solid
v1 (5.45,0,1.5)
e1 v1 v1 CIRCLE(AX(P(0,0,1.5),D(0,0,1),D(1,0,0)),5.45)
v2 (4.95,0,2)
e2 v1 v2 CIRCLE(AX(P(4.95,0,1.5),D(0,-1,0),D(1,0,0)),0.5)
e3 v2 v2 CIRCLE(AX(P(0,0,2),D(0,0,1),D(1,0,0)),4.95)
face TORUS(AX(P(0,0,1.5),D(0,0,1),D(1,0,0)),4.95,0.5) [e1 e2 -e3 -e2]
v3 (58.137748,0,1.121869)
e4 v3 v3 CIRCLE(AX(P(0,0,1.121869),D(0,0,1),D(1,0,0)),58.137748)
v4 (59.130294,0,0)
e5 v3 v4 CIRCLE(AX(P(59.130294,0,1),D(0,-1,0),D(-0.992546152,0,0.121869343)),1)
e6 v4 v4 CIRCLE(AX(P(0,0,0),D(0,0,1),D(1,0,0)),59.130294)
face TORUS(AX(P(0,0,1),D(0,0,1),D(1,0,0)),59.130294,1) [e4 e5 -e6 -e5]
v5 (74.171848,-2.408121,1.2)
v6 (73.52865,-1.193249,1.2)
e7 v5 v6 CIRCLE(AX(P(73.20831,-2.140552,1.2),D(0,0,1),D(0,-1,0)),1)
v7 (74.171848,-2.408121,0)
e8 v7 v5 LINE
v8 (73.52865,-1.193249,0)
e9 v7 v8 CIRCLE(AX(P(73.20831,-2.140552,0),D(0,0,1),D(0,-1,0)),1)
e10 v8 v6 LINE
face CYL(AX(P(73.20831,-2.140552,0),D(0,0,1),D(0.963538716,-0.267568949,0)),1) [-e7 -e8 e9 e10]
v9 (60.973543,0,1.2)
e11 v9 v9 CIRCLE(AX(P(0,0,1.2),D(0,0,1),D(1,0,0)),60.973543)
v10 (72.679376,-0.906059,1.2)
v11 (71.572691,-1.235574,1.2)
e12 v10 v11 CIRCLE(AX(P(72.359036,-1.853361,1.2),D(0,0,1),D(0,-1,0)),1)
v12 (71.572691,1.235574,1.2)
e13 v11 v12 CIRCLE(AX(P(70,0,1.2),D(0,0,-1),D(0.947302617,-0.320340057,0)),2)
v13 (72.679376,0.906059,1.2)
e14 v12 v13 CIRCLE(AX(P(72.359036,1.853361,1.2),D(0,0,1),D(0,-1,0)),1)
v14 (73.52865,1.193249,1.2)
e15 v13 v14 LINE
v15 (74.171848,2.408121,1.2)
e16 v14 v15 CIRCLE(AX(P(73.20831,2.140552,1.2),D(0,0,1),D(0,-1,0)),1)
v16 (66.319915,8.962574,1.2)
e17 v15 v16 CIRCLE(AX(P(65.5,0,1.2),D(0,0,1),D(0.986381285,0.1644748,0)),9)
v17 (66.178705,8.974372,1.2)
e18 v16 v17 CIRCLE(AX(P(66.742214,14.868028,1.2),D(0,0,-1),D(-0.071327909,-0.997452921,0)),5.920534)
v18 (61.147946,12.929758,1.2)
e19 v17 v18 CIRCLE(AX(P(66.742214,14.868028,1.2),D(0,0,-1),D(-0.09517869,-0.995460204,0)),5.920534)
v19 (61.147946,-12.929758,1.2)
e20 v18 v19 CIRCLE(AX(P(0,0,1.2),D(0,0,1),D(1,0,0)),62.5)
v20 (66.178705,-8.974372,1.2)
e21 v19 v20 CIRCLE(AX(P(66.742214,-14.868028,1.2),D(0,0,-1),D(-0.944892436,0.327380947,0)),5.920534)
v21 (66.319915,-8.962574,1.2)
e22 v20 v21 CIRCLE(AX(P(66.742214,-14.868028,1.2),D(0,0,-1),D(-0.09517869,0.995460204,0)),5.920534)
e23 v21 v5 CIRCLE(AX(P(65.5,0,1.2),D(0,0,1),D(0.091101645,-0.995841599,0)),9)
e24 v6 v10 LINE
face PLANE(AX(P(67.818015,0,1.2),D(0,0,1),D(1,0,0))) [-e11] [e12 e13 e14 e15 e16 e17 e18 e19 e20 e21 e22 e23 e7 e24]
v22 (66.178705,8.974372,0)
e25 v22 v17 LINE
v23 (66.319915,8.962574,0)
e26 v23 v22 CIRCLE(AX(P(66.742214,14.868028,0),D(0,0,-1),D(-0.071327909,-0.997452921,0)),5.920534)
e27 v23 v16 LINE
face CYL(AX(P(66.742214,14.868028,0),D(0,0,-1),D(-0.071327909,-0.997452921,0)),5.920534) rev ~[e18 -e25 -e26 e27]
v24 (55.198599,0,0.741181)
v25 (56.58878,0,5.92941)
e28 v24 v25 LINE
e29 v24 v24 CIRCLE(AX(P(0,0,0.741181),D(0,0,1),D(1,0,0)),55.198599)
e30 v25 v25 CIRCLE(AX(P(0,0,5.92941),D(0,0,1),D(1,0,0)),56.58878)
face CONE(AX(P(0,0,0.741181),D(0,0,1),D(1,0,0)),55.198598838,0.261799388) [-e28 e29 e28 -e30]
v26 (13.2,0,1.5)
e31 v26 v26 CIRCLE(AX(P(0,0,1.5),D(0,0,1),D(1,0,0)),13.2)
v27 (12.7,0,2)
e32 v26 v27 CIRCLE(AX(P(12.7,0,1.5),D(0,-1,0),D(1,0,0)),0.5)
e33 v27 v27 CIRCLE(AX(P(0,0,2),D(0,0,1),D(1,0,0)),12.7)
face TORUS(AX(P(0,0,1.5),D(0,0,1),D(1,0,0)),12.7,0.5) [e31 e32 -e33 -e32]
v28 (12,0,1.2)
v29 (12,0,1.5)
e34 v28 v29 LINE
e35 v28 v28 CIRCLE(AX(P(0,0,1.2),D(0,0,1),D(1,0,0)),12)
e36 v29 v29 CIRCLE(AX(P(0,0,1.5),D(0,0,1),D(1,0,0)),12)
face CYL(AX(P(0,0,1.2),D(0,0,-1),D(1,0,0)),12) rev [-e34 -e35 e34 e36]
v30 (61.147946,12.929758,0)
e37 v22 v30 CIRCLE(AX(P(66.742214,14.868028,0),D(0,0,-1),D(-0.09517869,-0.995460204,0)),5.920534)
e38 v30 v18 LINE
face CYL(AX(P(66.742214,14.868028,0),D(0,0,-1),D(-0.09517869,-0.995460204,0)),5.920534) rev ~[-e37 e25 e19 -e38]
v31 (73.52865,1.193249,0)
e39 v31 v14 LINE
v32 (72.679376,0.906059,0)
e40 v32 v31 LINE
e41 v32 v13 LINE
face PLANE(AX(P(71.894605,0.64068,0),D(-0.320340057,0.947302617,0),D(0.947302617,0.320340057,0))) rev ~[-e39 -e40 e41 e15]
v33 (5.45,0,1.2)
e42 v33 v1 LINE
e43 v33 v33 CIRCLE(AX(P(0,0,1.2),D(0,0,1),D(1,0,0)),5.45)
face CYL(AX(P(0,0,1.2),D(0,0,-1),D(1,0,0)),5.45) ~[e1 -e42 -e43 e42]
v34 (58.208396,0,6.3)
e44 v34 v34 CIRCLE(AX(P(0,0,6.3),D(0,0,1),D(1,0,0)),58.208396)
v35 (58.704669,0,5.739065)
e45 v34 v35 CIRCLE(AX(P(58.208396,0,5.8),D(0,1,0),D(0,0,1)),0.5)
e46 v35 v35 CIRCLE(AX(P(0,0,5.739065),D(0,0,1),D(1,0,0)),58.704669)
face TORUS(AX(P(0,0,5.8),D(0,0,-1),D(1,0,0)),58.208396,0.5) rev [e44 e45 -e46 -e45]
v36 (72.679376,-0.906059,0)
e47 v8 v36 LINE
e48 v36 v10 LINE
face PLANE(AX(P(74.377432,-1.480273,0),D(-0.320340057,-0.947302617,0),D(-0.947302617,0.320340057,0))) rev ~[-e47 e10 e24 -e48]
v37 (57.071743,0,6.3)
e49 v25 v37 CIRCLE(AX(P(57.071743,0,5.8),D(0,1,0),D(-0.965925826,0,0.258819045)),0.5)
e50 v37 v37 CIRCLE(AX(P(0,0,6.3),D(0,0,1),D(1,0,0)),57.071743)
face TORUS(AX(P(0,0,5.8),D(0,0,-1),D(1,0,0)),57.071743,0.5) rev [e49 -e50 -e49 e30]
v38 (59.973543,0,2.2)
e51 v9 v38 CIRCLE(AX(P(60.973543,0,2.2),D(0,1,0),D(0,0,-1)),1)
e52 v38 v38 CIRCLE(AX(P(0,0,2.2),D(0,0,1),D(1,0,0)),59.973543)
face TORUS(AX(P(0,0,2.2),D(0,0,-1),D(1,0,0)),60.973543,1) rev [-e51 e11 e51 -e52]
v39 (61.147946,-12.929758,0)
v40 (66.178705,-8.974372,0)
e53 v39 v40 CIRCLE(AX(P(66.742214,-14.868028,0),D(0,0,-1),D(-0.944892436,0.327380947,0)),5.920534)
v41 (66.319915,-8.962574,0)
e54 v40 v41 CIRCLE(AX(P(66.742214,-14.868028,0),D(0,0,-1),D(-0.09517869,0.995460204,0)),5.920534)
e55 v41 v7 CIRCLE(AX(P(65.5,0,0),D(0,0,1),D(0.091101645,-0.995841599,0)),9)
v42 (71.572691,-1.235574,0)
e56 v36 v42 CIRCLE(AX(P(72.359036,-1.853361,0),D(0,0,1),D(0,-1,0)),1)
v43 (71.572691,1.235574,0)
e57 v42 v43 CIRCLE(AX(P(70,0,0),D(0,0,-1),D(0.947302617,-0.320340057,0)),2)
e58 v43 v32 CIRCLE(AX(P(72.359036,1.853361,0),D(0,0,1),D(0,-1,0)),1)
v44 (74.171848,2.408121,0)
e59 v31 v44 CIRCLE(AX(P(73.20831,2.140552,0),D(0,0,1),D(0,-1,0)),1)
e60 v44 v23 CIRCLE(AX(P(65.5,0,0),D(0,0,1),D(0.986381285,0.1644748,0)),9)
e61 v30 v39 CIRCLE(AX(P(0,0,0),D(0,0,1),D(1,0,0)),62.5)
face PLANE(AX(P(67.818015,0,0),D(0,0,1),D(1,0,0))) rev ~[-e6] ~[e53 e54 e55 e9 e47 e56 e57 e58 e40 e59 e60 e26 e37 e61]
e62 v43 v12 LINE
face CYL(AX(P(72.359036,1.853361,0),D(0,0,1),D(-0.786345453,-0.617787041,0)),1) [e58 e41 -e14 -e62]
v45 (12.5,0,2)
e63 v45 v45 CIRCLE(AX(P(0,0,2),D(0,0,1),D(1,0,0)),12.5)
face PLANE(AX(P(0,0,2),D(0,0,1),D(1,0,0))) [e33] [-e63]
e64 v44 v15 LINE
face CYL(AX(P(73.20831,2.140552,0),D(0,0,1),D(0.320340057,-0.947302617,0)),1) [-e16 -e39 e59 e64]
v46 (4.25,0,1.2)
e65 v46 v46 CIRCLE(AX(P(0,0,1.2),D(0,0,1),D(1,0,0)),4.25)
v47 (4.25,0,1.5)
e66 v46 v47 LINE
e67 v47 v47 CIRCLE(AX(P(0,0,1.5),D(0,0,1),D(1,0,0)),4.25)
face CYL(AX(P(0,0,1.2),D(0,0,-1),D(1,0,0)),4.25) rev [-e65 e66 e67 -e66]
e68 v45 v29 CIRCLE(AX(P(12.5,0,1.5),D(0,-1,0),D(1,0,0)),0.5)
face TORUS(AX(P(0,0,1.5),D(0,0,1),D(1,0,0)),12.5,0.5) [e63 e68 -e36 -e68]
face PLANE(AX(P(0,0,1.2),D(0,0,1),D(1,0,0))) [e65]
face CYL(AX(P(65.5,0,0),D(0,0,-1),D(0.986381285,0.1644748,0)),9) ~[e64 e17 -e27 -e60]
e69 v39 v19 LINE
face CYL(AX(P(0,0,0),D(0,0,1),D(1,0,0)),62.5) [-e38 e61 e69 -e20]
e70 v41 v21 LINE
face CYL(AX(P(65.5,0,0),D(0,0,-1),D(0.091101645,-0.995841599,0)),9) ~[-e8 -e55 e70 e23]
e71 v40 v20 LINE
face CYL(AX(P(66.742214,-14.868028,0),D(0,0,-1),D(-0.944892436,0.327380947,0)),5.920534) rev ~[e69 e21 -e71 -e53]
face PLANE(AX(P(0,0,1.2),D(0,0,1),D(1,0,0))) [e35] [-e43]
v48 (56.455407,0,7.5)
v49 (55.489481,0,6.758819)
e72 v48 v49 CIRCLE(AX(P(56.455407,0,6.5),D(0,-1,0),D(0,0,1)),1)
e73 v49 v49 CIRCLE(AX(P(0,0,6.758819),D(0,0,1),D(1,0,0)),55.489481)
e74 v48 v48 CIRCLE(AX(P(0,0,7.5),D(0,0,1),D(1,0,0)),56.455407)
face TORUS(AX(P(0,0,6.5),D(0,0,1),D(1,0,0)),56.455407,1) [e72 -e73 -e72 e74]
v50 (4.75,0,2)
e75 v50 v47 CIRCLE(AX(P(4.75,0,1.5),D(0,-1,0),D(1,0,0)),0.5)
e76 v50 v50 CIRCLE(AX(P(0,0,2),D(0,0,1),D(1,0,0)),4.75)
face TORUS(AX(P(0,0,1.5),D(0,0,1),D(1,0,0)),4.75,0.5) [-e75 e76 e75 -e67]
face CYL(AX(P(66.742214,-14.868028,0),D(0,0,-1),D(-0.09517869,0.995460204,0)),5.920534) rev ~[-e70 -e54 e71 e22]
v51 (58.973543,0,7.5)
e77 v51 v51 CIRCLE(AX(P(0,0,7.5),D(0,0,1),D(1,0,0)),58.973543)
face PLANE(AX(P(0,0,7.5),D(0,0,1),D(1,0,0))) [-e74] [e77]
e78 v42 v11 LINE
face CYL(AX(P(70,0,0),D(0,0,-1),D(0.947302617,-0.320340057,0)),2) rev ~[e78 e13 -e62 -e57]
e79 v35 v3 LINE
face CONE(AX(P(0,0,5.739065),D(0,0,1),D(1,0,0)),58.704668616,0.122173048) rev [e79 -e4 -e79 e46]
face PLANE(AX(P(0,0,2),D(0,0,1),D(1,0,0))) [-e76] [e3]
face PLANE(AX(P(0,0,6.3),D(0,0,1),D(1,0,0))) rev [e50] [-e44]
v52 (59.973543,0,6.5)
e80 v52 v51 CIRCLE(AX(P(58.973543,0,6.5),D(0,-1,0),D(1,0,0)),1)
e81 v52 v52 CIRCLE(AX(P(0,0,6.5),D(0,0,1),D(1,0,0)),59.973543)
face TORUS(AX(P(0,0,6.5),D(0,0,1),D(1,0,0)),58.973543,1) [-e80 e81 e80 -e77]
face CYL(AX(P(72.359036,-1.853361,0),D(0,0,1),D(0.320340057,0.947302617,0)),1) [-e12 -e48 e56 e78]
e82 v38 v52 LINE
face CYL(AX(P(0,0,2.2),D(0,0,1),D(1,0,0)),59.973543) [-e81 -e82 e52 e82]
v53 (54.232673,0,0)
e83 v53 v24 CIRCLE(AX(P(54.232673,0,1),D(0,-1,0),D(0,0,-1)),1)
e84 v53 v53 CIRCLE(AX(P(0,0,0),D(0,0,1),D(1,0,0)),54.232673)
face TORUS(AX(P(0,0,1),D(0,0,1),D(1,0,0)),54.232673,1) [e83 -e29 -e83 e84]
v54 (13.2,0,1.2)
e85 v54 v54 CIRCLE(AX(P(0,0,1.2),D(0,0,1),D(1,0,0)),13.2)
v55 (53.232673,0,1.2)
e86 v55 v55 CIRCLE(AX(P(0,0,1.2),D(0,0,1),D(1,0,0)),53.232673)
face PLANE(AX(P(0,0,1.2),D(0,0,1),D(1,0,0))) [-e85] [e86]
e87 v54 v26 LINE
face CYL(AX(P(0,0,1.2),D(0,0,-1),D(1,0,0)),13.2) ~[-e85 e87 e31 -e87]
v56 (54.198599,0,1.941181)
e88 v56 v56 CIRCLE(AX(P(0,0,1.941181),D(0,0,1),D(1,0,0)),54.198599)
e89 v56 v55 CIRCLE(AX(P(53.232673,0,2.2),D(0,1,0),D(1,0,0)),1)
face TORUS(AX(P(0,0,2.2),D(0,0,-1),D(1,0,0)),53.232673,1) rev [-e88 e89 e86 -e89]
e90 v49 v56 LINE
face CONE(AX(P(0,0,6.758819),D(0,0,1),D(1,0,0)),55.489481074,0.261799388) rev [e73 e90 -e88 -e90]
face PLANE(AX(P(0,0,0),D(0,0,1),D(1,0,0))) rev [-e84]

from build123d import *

# Parameters (mm, degrees)
F0_R     = 54
F1_DEPTH = 1.2
F4_R     = 1
F6_DEPTH = 1.2
F7_R     = 1
F8_R     = 13.2
F8_R_2   = 12
F8_R_3   = 5.45
F8_R_4   = 4.25
F9_DEPTH = 0.8
F10_R    = 0.5


with BuildPart() as f1:
    # F0 (on Top) → F1 (new body)
    with BuildSketch(Plane.XY):
        Circle(F0_R)
    extrude(amount=F1_DEPTH)

    # F2 (on Front) → F3 (revolve)
    with BuildSketch(Plane.XZ):
        with BuildLine():
            Line((54, 1.2), (54, 0))
            Line((54, 0), (54.232673012, 0))
            ThreePointArc((54.232673012, 0), (54.841434441, 0.2066466597), (55.1985988383, 0.7411809549))
            Line((55.1985988383, 0.7411809549), (56.5887804932, 5.9294095226))
            ThreePointArc((56.5887804932, 5.9294095226), (56.7673626918, 6.1966766701), (57.0717434063, 6.3))
            Line((57.0717434063, 6.3), (58.2083955405, 6.3))
            ThreePointArc((58.2083955405, 6.3), (58.5828734009, 6.1313100241), (58.7046686163, 5.7390653283))
            Line((58.7046686163, 5.7390653283), (58.1377482347, 1.1218693434))
            ThreePointArc((58.1377482347, 1.1218693434), (58.3813386656, 0.3373799518), (59.1302943864, 0))
            Line((59.1302943864, 0), (62.5, 0))
            Line((62.5, 0), (62.5, 1.2))
            Line((62.5, 1.2), (60.9735427337, 1.2))
            ThreePointArc((60.9735427337, 1.2), (60.2664359525, 1.4928932188), (59.9735427337, 2.2))
            Line((59.9735427337, 2.2), (59.9735427337, 6.5))
            ThreePointArc((59.9735427337, 6.5), (59.6806495149, 7.2071067812), (58.9735427337, 7.5))
            Line((58.9735427337, 7.5), (56.4554069003, 7.5))
            ThreePointArc((56.4554069003, 7.5), (55.8466454713, 7.2933533403), (55.489481074, 6.7588190451))
            Line((55.489481074, 6.7588190451), (54, 1.2))
        make_face()
    revolve(axis=Axis((0, 0, 2.6335071307), (0, 0, 1)))

    # F4
    f4_edges = [f1.edges().sort_by_distance(p)[0] for p in [
        (-54, 0, 1.2),
    ]]
    fillet(f4_edges, radius=F4_R)

    # F5 (on Top) → F6 (join)
    with BuildSketch(Plane.XY):
        with BuildLine():
            ThreePointArc((71.8946052337, -0.6406801138), (68, 0), (71.8946052337, 0.6406801138))
            Line((71.8946052337, 0.6406801138), (74.3774315682, 1.4802732018))
            ThreePointArc((74.3774315682, 1.4802732018), (71.6242011285, 6.5950102758), (66.3199148095, 8.9625743905))
            ThreePointArc((66.3199148095, 8.9625743905), (66.2492748373, 8.9680508892), (66.1787054603, 8.9743723401))
            ThreePointArc((66.1787054603, 8.9743723401), (64.0220234551, 8.8778142205), (61.9503816794, 8.2704419337))
            ThreePointArc((61.9503816794, 8.2704419337), (62.3624440467, 4.14434223), (62.5, 0))
            ThreePointArc((62.5, 0), (62.3624440467, -4.14434223), (61.9503816794, -8.2704419337))
            ThreePointArc((61.9503816794, -8.2704419337), (64.0220234551, -8.8778142205), (66.1787054603, -8.9743723401))
            ThreePointArc((66.1787054603, -8.9743723401), (66.2492748373, -8.9680508892), (66.3199148095, -8.9625743905))
            ThreePointArc((66.3199148095, -8.9625743905), (71.6242011285, -6.5950102758), (74.3774315682, -1.4802732018))
            Line((74.3774315682, -1.4802732018), (71.8946052337, -0.6406801138))
        make_face()
        with BuildLine():
            ThreePointArc((61.1479464284, -12.9297582183), (63.0828669429, -10.2137936025), (66.1787054603, -8.9743723401))
            ThreePointArc((66.1787054603, -8.9743723401), (64.0220234551, -8.8778142205), (61.9503816794, -8.2704419337))
            ThreePointArc((61.9503816794, -8.2704419337), (61.5932374762, -10.6076904745), (61.1479464284, -12.9297582183))
        make_face()
        with BuildLine():
            ThreePointArc((61.9503816794, 8.2704419337), (64.0220234551, 8.8778142205), (66.1787054603, 8.9743723401))
            ThreePointArc((66.1787054603, 8.9743723401), (63.0828669429, 10.2137936025), (61.1479464284, 12.9297582183))
            ThreePointArc((61.1479464284, 12.9297582183), (61.5932374762, 10.6076904745), (61.9503816794, 8.2704419337))
        make_face()
    extrude(amount=F6_DEPTH)

    # F7
    f7_edges = [f1.edges().sort_by_distance(p)[0] for p in [
        (74.377432, 1.480273, 0.6),
        (74.377432, -1.480273, 0.6),
        (71.894605, 0.64068, 0.6),
        (71.894605, -0.64068, 0.6),
    ]]
    fillet(f7_edges, radius=F7_R)

    # F8 (on face) → F9 (join)
    with BuildSketch(Plane.XY.offset(1.2)):
        Circle(F8_R)
        Circle(F8_R_2, mode=Mode.SUBTRACT)
        Circle(F8_R_3)
        Circle(F8_R_4, mode=Mode.SUBTRACT)
    extrude(amount=F9_DEPTH)

    # F10
    f10_edges = [f1.edges().sort_by_distance(p)[0] for p in [
        (-13.2, 0, 2),
        (-5.45, 0, 2),
        (-12, 0, 2),
        (-4.25, 0, 2),
    ]]
    fillet(f10_edges, radius=F10_R)


solid = f1.part
